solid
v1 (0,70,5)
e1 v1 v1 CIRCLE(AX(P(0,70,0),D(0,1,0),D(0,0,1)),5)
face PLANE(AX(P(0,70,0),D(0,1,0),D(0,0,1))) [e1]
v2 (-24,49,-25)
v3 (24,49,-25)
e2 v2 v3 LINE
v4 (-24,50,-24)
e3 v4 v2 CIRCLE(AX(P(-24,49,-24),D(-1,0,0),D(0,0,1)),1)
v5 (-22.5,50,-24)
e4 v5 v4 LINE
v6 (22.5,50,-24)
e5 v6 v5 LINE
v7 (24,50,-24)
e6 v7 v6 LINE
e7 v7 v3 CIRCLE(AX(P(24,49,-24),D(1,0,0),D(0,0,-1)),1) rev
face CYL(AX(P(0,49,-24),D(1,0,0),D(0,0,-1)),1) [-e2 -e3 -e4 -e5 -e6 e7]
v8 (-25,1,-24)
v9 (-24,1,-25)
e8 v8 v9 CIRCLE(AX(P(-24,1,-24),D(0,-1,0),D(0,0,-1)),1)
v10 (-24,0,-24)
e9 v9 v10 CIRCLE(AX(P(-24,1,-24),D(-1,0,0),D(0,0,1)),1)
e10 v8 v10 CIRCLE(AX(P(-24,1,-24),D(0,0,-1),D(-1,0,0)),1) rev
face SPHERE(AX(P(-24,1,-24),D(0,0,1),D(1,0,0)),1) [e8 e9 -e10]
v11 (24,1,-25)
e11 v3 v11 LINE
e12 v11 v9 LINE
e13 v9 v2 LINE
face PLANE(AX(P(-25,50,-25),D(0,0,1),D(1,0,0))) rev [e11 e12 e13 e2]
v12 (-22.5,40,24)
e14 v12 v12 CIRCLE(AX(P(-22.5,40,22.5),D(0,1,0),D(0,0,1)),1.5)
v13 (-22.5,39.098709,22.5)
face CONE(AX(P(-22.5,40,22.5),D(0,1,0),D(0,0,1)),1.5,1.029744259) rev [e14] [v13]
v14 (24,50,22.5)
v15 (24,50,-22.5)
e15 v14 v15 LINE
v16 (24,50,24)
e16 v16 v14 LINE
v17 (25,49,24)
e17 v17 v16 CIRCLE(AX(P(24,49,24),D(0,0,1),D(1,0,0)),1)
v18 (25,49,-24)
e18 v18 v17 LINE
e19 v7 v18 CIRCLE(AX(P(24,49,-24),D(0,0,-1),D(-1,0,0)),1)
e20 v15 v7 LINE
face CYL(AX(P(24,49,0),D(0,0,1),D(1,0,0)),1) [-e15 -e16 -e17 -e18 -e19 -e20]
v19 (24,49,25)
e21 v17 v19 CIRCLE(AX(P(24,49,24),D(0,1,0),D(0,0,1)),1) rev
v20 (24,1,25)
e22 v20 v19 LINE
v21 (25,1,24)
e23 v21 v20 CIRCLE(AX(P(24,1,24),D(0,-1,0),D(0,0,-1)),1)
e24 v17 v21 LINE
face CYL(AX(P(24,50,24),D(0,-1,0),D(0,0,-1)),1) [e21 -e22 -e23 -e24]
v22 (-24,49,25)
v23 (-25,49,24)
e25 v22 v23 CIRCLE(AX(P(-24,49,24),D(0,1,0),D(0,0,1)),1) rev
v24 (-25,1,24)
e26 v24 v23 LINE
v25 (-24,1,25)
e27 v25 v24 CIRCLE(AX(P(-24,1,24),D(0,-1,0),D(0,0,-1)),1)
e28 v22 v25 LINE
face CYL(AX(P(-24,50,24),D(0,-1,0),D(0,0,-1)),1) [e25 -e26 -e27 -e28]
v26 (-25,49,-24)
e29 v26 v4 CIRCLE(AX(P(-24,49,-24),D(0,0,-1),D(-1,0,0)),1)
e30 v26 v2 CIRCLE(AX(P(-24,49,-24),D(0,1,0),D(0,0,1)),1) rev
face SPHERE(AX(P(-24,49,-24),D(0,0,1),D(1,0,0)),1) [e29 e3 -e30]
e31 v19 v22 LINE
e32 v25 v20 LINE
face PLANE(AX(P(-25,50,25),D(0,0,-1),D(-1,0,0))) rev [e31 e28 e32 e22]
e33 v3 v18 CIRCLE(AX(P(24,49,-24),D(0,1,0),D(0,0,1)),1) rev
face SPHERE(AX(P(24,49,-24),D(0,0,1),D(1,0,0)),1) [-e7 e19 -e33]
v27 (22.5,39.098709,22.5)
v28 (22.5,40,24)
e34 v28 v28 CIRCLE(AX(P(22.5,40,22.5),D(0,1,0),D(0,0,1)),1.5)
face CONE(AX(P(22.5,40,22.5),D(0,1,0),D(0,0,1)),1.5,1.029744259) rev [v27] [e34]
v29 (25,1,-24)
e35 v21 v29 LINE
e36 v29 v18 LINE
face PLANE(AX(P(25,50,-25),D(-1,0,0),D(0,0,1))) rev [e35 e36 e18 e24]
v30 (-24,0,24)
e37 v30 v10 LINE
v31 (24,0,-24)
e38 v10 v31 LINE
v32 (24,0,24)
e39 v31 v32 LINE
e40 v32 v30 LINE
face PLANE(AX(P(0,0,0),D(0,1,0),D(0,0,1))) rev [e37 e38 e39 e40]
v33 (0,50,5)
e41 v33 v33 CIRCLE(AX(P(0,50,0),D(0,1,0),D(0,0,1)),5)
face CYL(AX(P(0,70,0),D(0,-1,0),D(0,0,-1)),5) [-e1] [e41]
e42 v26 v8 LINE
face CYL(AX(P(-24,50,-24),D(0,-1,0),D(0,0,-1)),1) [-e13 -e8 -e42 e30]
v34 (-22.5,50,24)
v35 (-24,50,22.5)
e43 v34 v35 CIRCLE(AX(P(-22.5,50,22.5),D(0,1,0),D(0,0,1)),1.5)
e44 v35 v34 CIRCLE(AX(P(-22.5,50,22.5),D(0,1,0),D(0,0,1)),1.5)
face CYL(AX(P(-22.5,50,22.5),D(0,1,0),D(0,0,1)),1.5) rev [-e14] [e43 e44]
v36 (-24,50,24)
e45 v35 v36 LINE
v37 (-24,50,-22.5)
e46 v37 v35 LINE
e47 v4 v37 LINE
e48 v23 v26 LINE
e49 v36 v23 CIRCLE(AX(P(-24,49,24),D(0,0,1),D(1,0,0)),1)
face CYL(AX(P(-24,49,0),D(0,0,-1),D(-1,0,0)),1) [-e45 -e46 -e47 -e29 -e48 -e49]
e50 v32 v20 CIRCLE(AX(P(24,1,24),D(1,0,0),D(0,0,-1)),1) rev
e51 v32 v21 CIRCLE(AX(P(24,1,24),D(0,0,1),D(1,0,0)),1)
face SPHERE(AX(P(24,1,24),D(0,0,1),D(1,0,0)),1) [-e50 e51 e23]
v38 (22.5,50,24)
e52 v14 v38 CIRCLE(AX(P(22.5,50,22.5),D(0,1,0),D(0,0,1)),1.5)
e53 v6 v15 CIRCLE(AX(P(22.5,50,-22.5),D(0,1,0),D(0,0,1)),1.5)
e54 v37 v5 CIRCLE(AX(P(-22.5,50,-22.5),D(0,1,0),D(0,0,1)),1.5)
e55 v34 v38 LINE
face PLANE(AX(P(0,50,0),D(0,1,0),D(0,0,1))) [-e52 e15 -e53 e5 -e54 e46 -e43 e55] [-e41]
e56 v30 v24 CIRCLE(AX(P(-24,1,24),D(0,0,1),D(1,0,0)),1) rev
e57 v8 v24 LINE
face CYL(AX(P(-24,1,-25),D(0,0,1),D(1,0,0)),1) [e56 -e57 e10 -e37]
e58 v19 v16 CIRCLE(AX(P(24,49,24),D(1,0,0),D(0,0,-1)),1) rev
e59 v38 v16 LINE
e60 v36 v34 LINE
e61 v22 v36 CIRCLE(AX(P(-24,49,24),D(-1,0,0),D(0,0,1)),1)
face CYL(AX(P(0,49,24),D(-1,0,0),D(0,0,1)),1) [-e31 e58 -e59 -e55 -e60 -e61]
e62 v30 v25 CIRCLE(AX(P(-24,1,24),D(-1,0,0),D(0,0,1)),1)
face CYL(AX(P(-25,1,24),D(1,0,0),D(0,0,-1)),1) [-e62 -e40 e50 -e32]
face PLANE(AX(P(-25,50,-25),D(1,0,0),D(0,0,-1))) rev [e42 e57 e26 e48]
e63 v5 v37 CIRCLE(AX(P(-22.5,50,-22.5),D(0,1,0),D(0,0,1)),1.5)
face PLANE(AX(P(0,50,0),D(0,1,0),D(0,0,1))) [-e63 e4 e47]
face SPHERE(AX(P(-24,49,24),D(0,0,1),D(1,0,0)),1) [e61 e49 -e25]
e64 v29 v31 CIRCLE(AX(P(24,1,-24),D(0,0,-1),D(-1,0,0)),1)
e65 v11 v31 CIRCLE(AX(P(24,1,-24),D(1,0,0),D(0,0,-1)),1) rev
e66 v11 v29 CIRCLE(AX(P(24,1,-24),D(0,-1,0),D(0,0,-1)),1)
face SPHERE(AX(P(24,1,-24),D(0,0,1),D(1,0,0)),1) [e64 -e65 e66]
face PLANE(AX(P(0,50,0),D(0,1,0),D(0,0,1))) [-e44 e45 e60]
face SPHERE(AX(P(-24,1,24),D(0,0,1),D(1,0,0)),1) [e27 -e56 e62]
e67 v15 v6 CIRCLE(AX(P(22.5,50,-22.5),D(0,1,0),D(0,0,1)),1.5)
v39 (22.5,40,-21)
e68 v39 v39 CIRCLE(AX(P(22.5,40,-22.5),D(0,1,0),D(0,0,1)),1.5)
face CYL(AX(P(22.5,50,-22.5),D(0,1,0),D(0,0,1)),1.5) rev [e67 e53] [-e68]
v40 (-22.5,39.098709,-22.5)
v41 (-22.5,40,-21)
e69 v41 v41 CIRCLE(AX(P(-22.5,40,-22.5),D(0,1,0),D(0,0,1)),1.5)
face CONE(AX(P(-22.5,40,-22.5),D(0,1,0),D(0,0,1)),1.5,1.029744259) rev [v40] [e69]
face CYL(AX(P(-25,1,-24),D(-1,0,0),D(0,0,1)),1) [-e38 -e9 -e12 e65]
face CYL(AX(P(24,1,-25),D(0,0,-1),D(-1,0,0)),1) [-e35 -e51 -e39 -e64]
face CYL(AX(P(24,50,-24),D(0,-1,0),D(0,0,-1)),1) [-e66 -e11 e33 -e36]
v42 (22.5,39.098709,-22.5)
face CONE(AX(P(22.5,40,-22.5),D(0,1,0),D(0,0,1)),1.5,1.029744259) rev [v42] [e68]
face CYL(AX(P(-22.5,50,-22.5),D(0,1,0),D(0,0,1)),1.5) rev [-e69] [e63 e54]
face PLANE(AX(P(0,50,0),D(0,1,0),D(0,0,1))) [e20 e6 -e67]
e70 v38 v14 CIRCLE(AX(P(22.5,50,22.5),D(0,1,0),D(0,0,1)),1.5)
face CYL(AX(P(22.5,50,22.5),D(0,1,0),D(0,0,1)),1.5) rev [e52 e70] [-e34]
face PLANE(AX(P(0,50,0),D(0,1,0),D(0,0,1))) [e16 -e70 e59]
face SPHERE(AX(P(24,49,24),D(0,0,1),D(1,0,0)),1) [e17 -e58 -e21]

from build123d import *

# Parameters (mm, degrees)
SKETCH1_W                 = 50
SKETCH1_H                 = 50
BOSS_EXTRUDE1_DEPTH       = 50
FILLET1_R                 = 1
F_3_0MM_DOWEL_HOLE1_D     = 3
F_3_0MM_DOWEL_HOLE1_DEPTH = 10
F_3_0MM_DOWEL_HOLE1_TIP   = 0.901290929
SKETCH5_R                 = 5
BOSS_EXTRUDE2_DEPTH       = 20


with BuildPart() as part:
    # Sketch1 → Boss-Extrude1 (new body)
    with BuildSketch(Plane(origin=(0, 0, 0), x_dir=(1, 0, 0), z_dir=(0, 1, 0))):
        Rectangle(SKETCH1_W, SKETCH1_H)
    extrude(amount=BOSS_EXTRUDE1_DEPTH)

    # Fillet1
    fillet1_edges = [part.edges().sort_by_distance(p)[0] for p in [
        (-25, 50, 0),
        (0, 50, 25),
        (25, 50, 0),
        (0, 0, 25),
        (-25, 0, 0),
        (0, 0, -25),
        (25, 0, 0),
        (0, 50, -25),
        (25, 25, 25),
        (-25, 25, 25),
        (-25, 25, -25),
        (25, 25, -25),
    ]]
    fillet(fillet1_edges, radius=FILLET1_R)

    # Ø3.0mm Dowel Hole1
    with Locations(Plane(origin=(0, 50, 0), x_dir=(1, 0, 0), z_dir=(0, 1, 0))):
        with Locations((-22.5, 22.5), (22.5, 22.5), (22.5, -22.5), (-22.5, -22.5)):
            Hole(F_3_0MM_DOWEL_HOLE1_D / 2, depth=F_3_0MM_DOWEL_HOLE1_DEPTH)
            with Locations((0, 0, -(F_3_0MM_DOWEL_HOLE1_DEPTH + F_3_0MM_DOWEL_HOLE1_TIP / 2))):  # 118° drill point
                Cone(0, F_3_0MM_DOWEL_HOLE1_D / 2, F_3_0MM_DOWEL_HOLE1_TIP, mode=Mode.SUBTRACT)

    # Sketch5 → Boss-Extrude2 (add)
    with BuildSketch(Plane(origin=(0, 50, 0), x_dir=(1, 0, 0), z_dir=(0, 1, 0))):
        with Locations(Location((0, 0, 0), (0, 0, 270))):
            Circle(SKETCH5_R)
    extrude(amount=BOSS_EXTRUDE2_DEPTH)


solid = part.part
